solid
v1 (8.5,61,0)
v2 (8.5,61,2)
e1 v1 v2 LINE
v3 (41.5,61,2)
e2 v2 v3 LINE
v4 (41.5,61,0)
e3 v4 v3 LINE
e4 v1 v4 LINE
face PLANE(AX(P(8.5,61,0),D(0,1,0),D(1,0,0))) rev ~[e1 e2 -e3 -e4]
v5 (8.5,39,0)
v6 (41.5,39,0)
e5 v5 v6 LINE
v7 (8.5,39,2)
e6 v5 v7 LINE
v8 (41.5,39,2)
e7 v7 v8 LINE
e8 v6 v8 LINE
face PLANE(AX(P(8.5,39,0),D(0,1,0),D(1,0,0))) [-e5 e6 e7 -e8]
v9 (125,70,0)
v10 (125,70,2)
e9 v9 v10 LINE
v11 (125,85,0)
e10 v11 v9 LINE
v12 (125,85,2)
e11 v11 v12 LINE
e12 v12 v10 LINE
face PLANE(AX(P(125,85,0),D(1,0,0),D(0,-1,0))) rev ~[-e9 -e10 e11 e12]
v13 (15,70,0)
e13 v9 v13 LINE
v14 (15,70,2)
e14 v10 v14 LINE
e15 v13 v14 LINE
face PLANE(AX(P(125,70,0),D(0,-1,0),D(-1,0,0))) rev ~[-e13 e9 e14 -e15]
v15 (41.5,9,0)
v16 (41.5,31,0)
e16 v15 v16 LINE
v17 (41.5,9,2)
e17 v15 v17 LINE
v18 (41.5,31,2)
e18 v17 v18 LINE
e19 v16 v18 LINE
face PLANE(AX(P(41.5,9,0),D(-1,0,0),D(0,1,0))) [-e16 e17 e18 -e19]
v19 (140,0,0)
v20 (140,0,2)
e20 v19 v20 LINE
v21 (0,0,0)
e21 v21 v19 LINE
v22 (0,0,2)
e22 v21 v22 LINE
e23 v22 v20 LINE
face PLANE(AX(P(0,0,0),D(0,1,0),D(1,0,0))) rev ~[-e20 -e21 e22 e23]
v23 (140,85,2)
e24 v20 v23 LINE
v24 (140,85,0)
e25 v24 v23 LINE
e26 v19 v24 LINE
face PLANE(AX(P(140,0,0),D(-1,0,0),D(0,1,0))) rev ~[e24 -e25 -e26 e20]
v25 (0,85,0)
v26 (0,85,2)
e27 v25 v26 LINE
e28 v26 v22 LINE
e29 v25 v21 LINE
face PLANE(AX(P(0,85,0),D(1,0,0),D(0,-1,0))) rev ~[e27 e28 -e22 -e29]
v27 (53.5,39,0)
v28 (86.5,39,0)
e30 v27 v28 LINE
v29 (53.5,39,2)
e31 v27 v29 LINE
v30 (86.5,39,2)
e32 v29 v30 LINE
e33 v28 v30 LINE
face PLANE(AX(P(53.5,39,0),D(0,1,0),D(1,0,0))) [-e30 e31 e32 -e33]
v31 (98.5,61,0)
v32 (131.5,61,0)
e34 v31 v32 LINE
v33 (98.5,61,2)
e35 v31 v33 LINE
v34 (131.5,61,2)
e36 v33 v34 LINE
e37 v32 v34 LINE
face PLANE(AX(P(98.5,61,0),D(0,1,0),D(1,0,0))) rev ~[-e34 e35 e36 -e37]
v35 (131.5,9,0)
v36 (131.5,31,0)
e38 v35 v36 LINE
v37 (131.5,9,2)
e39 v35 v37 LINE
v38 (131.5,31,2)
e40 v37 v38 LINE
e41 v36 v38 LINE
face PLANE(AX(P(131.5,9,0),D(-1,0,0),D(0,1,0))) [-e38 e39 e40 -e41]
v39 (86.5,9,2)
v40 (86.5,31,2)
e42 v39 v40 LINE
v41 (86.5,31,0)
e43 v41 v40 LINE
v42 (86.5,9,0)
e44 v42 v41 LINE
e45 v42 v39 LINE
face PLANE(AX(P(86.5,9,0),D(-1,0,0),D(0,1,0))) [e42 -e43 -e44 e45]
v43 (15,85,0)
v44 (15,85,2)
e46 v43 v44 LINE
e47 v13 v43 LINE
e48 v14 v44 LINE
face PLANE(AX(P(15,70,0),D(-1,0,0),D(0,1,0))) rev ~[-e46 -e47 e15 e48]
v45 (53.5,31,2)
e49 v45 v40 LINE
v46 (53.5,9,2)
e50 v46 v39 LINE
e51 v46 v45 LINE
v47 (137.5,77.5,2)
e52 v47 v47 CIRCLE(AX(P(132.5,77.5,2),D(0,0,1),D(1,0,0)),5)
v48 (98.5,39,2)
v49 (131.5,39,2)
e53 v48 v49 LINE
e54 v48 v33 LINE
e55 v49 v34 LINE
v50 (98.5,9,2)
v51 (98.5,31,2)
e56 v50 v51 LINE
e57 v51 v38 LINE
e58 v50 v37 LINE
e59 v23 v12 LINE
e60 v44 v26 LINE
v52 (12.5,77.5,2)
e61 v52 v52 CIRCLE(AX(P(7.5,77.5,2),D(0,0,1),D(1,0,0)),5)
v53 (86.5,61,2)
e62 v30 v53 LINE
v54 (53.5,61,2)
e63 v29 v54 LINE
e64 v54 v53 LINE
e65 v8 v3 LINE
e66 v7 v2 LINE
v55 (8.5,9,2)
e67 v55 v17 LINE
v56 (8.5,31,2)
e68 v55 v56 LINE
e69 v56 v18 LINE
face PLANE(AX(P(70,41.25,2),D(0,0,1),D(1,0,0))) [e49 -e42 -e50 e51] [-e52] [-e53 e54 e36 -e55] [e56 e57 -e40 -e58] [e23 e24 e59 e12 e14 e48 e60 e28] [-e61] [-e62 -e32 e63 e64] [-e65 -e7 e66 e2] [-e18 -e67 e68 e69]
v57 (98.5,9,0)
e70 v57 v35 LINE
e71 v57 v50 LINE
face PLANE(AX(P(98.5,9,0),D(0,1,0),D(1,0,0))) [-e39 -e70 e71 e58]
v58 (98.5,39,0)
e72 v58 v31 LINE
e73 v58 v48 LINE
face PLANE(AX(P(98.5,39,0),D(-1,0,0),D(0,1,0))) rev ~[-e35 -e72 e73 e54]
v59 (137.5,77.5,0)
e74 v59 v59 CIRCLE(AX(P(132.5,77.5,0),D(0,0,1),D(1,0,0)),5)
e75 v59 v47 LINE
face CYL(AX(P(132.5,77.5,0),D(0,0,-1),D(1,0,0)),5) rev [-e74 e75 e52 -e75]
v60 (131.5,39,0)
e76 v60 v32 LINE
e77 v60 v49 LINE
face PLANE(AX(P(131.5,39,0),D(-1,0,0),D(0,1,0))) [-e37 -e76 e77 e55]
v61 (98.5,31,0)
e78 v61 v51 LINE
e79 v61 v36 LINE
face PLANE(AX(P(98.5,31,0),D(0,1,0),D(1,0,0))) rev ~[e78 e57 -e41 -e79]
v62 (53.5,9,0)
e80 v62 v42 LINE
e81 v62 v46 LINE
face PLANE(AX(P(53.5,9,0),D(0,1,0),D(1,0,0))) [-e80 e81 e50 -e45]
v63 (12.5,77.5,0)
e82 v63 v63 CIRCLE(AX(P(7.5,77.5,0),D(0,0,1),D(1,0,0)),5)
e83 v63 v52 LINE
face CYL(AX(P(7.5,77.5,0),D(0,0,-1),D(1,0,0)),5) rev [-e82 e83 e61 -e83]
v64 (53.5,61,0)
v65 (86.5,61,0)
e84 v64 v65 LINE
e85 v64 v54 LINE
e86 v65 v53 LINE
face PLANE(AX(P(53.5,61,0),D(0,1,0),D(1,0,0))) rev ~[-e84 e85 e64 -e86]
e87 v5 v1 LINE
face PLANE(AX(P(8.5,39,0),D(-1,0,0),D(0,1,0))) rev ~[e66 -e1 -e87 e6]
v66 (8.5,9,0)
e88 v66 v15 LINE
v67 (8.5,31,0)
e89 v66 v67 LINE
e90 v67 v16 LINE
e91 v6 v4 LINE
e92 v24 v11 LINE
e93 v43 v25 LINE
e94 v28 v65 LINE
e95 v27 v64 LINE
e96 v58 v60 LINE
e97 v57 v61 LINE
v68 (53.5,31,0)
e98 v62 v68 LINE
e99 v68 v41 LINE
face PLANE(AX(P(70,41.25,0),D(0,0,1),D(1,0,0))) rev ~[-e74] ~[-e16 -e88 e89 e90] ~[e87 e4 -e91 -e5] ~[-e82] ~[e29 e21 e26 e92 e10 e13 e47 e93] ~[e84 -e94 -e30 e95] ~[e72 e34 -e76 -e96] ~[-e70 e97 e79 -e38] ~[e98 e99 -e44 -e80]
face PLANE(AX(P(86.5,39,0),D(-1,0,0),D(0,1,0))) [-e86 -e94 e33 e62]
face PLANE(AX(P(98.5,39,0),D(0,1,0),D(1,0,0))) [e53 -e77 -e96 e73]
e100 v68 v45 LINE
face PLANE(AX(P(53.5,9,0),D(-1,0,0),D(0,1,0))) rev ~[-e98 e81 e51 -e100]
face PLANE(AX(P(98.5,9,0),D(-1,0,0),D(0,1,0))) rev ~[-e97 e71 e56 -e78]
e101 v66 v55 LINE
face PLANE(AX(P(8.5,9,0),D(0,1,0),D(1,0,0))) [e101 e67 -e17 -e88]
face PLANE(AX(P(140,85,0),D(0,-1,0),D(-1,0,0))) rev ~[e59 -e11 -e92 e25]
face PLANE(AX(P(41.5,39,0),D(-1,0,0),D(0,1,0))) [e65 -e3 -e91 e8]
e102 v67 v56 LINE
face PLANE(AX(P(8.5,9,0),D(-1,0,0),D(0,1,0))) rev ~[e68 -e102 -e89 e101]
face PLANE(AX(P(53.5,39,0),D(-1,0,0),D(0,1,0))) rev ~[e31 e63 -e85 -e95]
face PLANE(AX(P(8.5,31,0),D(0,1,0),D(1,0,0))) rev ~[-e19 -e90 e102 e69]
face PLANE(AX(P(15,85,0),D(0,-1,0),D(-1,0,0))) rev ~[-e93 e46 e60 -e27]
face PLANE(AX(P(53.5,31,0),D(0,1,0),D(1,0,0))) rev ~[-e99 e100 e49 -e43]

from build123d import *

# Parameters (mm, degrees)
F0_W     = 33
F0_H     = 22
F0_R     = 5
F1_DEPTH = 2


with BuildPart() as f1:
    # F0 (on Top) → F1 (new body)
    with BuildSketch(Plane.XY):
        Polygon((0, 70), (0, 0), (140, 0), (140, 70), (140, 85), (125, 85), (125, 70), (15, 70), (15, 85), (0, 85), align=None)
        with Locations((25, 20)):
            Rectangle(F0_W, F0_H, mode=Mode.SUBTRACT)
        with Locations((70, 20)):
            Rectangle(F0_W, F0_H, mode=Mode.SUBTRACT)
        with Locations((115, 20)):
            Rectangle(F0_W, F0_H, mode=Mode.SUBTRACT)
        with Locations((25, 50)):
            Rectangle(F0_W, F0_H, mode=Mode.SUBTRACT)
        with Locations((7.5, 77.5)):
            Circle(F0_R, mode=Mode.SUBTRACT)
        with Locations((70, 50)):
            Rectangle(F0_W, F0_H, mode=Mode.SUBTRACT)
        with Locations((115, 50)):
            Rectangle(F0_W, F0_H, mode=Mode.SUBTRACT)
        with Locations((132.5, 77.5)):
            Circle(F0_R, mode=Mode.SUBTRACT)
    extrude(amount=F1_DEPTH)


solid = f1.part
